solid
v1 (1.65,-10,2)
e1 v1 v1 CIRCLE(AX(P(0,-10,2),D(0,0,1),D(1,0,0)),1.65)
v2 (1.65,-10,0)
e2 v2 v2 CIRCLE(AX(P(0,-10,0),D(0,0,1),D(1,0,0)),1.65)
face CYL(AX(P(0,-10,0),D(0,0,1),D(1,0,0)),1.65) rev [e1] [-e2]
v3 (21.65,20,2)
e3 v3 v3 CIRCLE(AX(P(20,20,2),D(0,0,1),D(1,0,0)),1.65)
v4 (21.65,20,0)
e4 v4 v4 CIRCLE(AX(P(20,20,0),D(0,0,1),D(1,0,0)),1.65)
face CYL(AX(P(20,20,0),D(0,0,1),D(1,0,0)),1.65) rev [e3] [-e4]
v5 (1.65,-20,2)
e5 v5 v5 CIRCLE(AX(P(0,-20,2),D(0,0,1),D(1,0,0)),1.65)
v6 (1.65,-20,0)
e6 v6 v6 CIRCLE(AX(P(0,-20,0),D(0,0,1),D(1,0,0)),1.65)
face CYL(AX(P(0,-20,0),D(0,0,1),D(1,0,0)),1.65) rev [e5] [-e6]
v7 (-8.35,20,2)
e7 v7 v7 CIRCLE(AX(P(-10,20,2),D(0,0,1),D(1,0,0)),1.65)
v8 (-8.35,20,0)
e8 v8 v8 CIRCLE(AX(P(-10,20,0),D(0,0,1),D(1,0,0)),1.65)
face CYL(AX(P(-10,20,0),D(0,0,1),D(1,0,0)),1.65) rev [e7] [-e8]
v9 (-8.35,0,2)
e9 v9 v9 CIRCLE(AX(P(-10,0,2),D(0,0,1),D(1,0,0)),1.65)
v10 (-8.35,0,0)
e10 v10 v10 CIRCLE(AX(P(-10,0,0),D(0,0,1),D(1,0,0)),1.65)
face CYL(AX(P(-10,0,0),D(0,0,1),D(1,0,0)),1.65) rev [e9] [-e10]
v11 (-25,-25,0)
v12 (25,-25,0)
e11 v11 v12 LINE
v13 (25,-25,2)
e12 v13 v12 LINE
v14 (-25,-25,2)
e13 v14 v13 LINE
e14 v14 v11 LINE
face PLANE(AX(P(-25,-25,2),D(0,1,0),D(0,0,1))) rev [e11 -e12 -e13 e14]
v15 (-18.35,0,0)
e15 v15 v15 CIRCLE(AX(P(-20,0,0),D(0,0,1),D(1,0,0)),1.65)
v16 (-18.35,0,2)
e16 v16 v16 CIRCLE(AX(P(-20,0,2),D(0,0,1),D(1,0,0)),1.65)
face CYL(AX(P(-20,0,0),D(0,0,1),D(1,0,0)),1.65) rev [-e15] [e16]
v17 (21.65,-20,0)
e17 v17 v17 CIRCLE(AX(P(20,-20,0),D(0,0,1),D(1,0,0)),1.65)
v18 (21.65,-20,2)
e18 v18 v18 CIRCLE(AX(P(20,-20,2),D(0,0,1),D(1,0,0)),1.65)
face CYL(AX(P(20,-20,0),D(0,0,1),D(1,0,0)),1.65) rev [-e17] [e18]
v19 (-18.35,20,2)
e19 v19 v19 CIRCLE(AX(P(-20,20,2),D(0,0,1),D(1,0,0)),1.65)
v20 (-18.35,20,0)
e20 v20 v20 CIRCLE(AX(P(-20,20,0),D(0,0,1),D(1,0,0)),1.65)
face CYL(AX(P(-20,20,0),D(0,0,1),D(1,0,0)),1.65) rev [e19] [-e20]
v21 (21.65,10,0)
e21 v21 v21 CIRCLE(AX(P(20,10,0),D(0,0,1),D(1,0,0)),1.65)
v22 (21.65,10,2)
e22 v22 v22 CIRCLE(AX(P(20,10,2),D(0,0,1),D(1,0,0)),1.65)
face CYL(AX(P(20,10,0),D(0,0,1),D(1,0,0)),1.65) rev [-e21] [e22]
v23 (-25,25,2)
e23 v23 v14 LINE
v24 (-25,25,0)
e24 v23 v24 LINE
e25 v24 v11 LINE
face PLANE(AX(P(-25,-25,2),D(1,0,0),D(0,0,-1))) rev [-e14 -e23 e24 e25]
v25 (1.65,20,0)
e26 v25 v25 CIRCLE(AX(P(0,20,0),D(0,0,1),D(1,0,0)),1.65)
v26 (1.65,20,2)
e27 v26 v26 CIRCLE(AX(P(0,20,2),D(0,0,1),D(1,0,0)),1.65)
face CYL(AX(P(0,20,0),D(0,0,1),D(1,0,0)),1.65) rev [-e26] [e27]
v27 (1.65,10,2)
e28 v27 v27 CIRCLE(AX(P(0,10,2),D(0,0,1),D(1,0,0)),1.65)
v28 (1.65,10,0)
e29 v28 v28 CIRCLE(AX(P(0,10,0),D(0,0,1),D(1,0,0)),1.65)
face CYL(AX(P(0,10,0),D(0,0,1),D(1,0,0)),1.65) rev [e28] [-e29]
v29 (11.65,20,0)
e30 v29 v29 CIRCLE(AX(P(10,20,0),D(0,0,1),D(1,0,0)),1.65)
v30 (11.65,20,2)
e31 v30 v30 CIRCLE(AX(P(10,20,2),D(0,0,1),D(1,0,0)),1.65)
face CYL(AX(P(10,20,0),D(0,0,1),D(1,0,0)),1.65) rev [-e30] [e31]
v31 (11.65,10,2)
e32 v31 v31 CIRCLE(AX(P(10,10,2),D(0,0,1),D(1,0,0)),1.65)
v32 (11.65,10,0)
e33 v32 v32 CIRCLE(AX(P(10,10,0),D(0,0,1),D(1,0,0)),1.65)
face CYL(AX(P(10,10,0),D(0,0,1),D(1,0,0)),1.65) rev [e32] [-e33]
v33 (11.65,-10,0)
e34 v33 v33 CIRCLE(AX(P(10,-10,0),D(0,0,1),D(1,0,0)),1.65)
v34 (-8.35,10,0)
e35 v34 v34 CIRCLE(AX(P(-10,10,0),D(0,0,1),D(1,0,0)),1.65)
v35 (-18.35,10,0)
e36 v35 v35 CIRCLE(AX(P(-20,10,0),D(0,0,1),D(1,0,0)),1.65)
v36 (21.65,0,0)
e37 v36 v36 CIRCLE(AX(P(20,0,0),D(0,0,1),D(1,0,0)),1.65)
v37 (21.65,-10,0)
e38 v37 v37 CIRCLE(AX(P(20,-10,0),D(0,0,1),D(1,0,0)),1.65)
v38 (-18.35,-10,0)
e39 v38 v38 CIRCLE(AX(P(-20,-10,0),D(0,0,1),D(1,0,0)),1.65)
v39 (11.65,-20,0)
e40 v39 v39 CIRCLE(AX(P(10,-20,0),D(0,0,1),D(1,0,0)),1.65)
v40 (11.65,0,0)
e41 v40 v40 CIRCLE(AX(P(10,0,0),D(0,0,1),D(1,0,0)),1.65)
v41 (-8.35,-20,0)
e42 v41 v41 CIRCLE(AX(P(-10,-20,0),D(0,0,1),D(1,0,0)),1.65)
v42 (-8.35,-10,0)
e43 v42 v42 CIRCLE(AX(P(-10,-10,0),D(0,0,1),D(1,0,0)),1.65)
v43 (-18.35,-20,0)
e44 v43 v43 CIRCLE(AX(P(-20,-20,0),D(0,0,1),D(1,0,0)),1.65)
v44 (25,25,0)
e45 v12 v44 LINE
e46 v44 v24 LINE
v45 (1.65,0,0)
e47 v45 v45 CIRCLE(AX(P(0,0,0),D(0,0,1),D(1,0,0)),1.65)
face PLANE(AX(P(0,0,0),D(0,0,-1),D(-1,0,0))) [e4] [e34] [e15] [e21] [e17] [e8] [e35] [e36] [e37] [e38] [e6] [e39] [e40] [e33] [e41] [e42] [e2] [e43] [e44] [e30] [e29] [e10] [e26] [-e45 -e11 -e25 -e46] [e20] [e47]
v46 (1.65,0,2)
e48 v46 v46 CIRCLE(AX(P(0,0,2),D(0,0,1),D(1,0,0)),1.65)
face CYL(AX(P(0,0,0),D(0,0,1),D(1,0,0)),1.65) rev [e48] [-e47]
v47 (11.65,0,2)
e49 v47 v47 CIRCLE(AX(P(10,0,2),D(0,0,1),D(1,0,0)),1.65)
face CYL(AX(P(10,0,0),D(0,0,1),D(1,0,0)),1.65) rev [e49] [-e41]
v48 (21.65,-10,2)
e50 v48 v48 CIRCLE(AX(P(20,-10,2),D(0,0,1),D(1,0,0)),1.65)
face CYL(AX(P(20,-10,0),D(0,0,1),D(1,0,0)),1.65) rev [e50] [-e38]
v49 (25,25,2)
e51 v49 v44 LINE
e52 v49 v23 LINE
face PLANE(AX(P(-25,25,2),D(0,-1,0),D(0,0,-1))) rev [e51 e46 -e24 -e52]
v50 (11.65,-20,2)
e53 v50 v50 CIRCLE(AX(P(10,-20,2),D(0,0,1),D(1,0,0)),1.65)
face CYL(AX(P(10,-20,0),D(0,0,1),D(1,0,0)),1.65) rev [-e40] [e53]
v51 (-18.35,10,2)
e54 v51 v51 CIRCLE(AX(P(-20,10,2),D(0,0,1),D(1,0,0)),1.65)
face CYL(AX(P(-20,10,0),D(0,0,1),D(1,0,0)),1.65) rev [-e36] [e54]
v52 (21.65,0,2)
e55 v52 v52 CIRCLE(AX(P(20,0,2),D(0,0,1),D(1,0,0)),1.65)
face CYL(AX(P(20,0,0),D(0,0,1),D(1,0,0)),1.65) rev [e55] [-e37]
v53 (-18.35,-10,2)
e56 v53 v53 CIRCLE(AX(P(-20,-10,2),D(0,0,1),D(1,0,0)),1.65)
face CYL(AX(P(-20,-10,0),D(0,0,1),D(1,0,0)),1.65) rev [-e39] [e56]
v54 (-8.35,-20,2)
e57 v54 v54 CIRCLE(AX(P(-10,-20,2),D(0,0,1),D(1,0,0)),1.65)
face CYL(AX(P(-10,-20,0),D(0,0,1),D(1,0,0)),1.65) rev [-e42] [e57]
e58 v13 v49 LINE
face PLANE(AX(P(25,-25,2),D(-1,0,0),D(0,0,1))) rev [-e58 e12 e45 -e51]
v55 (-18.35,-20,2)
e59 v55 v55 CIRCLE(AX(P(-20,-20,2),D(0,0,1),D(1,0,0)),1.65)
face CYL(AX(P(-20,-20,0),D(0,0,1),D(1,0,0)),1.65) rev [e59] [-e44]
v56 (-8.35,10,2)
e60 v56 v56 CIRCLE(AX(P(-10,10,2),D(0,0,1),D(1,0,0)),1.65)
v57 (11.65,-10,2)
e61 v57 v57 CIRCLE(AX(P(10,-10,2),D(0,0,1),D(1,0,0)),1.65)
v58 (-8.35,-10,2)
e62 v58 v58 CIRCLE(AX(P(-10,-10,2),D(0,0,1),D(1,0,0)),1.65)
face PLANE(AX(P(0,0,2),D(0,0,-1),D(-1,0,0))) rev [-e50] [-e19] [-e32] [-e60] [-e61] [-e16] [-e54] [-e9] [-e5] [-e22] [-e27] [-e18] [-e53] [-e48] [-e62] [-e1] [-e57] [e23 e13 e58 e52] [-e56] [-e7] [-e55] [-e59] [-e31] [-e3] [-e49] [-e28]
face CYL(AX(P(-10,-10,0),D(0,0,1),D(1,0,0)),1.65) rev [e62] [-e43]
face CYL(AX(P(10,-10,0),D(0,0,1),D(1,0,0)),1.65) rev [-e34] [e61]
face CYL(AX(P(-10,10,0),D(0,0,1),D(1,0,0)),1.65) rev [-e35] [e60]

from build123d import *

# Parameters (mm, degrees)
SKETCH1_W            = 50
SKETCH1_H            = 50
BOSS_EXTRUDE1_DEPTH  = 2
SKETCH2_R            = 1.65
CUT_EXTRUDE1_DEPTH   = 3
LPATTERN1_COUNT      = 5
LPATTERN1_PITCH      = 10
LPATTERN1_COUNT_DIR2 = 5
LPATTERN1_PITCH_DIR2 = 10


with BuildPart() as part:
    # Sketch1 → Boss-Extrude1 (new body)
    with BuildSketch(Plane.XY):
        Rectangle(SKETCH1_W, SKETCH1_H)
    extrude(amount=BOSS_EXTRUDE1_DEPTH)

    # Sketch2 → Cut-Extrude1 (cut, through all)
    with BuildSketch(Plane.XY.offset(2)):
        with Locations((-20, 20)):
            Circle(SKETCH2_R)
    cut_extrude1 = extrude(amount=-CUT_EXTRUDE1_DEPTH, mode=Mode.SUBTRACT)

    # LPattern1: Cut-Extrude1 5 × 5
    with Locations(*[(j * LPATTERN1_PITCH_DIR2, -i * LPATTERN1_PITCH, 0) for i in range(LPATTERN1_COUNT) for j in range(LPATTERN1_COUNT_DIR2) if (i, j) != (0, 0)]):
        add(cut_extrude1, mode=Mode.SUBTRACT)


solid = part.part
